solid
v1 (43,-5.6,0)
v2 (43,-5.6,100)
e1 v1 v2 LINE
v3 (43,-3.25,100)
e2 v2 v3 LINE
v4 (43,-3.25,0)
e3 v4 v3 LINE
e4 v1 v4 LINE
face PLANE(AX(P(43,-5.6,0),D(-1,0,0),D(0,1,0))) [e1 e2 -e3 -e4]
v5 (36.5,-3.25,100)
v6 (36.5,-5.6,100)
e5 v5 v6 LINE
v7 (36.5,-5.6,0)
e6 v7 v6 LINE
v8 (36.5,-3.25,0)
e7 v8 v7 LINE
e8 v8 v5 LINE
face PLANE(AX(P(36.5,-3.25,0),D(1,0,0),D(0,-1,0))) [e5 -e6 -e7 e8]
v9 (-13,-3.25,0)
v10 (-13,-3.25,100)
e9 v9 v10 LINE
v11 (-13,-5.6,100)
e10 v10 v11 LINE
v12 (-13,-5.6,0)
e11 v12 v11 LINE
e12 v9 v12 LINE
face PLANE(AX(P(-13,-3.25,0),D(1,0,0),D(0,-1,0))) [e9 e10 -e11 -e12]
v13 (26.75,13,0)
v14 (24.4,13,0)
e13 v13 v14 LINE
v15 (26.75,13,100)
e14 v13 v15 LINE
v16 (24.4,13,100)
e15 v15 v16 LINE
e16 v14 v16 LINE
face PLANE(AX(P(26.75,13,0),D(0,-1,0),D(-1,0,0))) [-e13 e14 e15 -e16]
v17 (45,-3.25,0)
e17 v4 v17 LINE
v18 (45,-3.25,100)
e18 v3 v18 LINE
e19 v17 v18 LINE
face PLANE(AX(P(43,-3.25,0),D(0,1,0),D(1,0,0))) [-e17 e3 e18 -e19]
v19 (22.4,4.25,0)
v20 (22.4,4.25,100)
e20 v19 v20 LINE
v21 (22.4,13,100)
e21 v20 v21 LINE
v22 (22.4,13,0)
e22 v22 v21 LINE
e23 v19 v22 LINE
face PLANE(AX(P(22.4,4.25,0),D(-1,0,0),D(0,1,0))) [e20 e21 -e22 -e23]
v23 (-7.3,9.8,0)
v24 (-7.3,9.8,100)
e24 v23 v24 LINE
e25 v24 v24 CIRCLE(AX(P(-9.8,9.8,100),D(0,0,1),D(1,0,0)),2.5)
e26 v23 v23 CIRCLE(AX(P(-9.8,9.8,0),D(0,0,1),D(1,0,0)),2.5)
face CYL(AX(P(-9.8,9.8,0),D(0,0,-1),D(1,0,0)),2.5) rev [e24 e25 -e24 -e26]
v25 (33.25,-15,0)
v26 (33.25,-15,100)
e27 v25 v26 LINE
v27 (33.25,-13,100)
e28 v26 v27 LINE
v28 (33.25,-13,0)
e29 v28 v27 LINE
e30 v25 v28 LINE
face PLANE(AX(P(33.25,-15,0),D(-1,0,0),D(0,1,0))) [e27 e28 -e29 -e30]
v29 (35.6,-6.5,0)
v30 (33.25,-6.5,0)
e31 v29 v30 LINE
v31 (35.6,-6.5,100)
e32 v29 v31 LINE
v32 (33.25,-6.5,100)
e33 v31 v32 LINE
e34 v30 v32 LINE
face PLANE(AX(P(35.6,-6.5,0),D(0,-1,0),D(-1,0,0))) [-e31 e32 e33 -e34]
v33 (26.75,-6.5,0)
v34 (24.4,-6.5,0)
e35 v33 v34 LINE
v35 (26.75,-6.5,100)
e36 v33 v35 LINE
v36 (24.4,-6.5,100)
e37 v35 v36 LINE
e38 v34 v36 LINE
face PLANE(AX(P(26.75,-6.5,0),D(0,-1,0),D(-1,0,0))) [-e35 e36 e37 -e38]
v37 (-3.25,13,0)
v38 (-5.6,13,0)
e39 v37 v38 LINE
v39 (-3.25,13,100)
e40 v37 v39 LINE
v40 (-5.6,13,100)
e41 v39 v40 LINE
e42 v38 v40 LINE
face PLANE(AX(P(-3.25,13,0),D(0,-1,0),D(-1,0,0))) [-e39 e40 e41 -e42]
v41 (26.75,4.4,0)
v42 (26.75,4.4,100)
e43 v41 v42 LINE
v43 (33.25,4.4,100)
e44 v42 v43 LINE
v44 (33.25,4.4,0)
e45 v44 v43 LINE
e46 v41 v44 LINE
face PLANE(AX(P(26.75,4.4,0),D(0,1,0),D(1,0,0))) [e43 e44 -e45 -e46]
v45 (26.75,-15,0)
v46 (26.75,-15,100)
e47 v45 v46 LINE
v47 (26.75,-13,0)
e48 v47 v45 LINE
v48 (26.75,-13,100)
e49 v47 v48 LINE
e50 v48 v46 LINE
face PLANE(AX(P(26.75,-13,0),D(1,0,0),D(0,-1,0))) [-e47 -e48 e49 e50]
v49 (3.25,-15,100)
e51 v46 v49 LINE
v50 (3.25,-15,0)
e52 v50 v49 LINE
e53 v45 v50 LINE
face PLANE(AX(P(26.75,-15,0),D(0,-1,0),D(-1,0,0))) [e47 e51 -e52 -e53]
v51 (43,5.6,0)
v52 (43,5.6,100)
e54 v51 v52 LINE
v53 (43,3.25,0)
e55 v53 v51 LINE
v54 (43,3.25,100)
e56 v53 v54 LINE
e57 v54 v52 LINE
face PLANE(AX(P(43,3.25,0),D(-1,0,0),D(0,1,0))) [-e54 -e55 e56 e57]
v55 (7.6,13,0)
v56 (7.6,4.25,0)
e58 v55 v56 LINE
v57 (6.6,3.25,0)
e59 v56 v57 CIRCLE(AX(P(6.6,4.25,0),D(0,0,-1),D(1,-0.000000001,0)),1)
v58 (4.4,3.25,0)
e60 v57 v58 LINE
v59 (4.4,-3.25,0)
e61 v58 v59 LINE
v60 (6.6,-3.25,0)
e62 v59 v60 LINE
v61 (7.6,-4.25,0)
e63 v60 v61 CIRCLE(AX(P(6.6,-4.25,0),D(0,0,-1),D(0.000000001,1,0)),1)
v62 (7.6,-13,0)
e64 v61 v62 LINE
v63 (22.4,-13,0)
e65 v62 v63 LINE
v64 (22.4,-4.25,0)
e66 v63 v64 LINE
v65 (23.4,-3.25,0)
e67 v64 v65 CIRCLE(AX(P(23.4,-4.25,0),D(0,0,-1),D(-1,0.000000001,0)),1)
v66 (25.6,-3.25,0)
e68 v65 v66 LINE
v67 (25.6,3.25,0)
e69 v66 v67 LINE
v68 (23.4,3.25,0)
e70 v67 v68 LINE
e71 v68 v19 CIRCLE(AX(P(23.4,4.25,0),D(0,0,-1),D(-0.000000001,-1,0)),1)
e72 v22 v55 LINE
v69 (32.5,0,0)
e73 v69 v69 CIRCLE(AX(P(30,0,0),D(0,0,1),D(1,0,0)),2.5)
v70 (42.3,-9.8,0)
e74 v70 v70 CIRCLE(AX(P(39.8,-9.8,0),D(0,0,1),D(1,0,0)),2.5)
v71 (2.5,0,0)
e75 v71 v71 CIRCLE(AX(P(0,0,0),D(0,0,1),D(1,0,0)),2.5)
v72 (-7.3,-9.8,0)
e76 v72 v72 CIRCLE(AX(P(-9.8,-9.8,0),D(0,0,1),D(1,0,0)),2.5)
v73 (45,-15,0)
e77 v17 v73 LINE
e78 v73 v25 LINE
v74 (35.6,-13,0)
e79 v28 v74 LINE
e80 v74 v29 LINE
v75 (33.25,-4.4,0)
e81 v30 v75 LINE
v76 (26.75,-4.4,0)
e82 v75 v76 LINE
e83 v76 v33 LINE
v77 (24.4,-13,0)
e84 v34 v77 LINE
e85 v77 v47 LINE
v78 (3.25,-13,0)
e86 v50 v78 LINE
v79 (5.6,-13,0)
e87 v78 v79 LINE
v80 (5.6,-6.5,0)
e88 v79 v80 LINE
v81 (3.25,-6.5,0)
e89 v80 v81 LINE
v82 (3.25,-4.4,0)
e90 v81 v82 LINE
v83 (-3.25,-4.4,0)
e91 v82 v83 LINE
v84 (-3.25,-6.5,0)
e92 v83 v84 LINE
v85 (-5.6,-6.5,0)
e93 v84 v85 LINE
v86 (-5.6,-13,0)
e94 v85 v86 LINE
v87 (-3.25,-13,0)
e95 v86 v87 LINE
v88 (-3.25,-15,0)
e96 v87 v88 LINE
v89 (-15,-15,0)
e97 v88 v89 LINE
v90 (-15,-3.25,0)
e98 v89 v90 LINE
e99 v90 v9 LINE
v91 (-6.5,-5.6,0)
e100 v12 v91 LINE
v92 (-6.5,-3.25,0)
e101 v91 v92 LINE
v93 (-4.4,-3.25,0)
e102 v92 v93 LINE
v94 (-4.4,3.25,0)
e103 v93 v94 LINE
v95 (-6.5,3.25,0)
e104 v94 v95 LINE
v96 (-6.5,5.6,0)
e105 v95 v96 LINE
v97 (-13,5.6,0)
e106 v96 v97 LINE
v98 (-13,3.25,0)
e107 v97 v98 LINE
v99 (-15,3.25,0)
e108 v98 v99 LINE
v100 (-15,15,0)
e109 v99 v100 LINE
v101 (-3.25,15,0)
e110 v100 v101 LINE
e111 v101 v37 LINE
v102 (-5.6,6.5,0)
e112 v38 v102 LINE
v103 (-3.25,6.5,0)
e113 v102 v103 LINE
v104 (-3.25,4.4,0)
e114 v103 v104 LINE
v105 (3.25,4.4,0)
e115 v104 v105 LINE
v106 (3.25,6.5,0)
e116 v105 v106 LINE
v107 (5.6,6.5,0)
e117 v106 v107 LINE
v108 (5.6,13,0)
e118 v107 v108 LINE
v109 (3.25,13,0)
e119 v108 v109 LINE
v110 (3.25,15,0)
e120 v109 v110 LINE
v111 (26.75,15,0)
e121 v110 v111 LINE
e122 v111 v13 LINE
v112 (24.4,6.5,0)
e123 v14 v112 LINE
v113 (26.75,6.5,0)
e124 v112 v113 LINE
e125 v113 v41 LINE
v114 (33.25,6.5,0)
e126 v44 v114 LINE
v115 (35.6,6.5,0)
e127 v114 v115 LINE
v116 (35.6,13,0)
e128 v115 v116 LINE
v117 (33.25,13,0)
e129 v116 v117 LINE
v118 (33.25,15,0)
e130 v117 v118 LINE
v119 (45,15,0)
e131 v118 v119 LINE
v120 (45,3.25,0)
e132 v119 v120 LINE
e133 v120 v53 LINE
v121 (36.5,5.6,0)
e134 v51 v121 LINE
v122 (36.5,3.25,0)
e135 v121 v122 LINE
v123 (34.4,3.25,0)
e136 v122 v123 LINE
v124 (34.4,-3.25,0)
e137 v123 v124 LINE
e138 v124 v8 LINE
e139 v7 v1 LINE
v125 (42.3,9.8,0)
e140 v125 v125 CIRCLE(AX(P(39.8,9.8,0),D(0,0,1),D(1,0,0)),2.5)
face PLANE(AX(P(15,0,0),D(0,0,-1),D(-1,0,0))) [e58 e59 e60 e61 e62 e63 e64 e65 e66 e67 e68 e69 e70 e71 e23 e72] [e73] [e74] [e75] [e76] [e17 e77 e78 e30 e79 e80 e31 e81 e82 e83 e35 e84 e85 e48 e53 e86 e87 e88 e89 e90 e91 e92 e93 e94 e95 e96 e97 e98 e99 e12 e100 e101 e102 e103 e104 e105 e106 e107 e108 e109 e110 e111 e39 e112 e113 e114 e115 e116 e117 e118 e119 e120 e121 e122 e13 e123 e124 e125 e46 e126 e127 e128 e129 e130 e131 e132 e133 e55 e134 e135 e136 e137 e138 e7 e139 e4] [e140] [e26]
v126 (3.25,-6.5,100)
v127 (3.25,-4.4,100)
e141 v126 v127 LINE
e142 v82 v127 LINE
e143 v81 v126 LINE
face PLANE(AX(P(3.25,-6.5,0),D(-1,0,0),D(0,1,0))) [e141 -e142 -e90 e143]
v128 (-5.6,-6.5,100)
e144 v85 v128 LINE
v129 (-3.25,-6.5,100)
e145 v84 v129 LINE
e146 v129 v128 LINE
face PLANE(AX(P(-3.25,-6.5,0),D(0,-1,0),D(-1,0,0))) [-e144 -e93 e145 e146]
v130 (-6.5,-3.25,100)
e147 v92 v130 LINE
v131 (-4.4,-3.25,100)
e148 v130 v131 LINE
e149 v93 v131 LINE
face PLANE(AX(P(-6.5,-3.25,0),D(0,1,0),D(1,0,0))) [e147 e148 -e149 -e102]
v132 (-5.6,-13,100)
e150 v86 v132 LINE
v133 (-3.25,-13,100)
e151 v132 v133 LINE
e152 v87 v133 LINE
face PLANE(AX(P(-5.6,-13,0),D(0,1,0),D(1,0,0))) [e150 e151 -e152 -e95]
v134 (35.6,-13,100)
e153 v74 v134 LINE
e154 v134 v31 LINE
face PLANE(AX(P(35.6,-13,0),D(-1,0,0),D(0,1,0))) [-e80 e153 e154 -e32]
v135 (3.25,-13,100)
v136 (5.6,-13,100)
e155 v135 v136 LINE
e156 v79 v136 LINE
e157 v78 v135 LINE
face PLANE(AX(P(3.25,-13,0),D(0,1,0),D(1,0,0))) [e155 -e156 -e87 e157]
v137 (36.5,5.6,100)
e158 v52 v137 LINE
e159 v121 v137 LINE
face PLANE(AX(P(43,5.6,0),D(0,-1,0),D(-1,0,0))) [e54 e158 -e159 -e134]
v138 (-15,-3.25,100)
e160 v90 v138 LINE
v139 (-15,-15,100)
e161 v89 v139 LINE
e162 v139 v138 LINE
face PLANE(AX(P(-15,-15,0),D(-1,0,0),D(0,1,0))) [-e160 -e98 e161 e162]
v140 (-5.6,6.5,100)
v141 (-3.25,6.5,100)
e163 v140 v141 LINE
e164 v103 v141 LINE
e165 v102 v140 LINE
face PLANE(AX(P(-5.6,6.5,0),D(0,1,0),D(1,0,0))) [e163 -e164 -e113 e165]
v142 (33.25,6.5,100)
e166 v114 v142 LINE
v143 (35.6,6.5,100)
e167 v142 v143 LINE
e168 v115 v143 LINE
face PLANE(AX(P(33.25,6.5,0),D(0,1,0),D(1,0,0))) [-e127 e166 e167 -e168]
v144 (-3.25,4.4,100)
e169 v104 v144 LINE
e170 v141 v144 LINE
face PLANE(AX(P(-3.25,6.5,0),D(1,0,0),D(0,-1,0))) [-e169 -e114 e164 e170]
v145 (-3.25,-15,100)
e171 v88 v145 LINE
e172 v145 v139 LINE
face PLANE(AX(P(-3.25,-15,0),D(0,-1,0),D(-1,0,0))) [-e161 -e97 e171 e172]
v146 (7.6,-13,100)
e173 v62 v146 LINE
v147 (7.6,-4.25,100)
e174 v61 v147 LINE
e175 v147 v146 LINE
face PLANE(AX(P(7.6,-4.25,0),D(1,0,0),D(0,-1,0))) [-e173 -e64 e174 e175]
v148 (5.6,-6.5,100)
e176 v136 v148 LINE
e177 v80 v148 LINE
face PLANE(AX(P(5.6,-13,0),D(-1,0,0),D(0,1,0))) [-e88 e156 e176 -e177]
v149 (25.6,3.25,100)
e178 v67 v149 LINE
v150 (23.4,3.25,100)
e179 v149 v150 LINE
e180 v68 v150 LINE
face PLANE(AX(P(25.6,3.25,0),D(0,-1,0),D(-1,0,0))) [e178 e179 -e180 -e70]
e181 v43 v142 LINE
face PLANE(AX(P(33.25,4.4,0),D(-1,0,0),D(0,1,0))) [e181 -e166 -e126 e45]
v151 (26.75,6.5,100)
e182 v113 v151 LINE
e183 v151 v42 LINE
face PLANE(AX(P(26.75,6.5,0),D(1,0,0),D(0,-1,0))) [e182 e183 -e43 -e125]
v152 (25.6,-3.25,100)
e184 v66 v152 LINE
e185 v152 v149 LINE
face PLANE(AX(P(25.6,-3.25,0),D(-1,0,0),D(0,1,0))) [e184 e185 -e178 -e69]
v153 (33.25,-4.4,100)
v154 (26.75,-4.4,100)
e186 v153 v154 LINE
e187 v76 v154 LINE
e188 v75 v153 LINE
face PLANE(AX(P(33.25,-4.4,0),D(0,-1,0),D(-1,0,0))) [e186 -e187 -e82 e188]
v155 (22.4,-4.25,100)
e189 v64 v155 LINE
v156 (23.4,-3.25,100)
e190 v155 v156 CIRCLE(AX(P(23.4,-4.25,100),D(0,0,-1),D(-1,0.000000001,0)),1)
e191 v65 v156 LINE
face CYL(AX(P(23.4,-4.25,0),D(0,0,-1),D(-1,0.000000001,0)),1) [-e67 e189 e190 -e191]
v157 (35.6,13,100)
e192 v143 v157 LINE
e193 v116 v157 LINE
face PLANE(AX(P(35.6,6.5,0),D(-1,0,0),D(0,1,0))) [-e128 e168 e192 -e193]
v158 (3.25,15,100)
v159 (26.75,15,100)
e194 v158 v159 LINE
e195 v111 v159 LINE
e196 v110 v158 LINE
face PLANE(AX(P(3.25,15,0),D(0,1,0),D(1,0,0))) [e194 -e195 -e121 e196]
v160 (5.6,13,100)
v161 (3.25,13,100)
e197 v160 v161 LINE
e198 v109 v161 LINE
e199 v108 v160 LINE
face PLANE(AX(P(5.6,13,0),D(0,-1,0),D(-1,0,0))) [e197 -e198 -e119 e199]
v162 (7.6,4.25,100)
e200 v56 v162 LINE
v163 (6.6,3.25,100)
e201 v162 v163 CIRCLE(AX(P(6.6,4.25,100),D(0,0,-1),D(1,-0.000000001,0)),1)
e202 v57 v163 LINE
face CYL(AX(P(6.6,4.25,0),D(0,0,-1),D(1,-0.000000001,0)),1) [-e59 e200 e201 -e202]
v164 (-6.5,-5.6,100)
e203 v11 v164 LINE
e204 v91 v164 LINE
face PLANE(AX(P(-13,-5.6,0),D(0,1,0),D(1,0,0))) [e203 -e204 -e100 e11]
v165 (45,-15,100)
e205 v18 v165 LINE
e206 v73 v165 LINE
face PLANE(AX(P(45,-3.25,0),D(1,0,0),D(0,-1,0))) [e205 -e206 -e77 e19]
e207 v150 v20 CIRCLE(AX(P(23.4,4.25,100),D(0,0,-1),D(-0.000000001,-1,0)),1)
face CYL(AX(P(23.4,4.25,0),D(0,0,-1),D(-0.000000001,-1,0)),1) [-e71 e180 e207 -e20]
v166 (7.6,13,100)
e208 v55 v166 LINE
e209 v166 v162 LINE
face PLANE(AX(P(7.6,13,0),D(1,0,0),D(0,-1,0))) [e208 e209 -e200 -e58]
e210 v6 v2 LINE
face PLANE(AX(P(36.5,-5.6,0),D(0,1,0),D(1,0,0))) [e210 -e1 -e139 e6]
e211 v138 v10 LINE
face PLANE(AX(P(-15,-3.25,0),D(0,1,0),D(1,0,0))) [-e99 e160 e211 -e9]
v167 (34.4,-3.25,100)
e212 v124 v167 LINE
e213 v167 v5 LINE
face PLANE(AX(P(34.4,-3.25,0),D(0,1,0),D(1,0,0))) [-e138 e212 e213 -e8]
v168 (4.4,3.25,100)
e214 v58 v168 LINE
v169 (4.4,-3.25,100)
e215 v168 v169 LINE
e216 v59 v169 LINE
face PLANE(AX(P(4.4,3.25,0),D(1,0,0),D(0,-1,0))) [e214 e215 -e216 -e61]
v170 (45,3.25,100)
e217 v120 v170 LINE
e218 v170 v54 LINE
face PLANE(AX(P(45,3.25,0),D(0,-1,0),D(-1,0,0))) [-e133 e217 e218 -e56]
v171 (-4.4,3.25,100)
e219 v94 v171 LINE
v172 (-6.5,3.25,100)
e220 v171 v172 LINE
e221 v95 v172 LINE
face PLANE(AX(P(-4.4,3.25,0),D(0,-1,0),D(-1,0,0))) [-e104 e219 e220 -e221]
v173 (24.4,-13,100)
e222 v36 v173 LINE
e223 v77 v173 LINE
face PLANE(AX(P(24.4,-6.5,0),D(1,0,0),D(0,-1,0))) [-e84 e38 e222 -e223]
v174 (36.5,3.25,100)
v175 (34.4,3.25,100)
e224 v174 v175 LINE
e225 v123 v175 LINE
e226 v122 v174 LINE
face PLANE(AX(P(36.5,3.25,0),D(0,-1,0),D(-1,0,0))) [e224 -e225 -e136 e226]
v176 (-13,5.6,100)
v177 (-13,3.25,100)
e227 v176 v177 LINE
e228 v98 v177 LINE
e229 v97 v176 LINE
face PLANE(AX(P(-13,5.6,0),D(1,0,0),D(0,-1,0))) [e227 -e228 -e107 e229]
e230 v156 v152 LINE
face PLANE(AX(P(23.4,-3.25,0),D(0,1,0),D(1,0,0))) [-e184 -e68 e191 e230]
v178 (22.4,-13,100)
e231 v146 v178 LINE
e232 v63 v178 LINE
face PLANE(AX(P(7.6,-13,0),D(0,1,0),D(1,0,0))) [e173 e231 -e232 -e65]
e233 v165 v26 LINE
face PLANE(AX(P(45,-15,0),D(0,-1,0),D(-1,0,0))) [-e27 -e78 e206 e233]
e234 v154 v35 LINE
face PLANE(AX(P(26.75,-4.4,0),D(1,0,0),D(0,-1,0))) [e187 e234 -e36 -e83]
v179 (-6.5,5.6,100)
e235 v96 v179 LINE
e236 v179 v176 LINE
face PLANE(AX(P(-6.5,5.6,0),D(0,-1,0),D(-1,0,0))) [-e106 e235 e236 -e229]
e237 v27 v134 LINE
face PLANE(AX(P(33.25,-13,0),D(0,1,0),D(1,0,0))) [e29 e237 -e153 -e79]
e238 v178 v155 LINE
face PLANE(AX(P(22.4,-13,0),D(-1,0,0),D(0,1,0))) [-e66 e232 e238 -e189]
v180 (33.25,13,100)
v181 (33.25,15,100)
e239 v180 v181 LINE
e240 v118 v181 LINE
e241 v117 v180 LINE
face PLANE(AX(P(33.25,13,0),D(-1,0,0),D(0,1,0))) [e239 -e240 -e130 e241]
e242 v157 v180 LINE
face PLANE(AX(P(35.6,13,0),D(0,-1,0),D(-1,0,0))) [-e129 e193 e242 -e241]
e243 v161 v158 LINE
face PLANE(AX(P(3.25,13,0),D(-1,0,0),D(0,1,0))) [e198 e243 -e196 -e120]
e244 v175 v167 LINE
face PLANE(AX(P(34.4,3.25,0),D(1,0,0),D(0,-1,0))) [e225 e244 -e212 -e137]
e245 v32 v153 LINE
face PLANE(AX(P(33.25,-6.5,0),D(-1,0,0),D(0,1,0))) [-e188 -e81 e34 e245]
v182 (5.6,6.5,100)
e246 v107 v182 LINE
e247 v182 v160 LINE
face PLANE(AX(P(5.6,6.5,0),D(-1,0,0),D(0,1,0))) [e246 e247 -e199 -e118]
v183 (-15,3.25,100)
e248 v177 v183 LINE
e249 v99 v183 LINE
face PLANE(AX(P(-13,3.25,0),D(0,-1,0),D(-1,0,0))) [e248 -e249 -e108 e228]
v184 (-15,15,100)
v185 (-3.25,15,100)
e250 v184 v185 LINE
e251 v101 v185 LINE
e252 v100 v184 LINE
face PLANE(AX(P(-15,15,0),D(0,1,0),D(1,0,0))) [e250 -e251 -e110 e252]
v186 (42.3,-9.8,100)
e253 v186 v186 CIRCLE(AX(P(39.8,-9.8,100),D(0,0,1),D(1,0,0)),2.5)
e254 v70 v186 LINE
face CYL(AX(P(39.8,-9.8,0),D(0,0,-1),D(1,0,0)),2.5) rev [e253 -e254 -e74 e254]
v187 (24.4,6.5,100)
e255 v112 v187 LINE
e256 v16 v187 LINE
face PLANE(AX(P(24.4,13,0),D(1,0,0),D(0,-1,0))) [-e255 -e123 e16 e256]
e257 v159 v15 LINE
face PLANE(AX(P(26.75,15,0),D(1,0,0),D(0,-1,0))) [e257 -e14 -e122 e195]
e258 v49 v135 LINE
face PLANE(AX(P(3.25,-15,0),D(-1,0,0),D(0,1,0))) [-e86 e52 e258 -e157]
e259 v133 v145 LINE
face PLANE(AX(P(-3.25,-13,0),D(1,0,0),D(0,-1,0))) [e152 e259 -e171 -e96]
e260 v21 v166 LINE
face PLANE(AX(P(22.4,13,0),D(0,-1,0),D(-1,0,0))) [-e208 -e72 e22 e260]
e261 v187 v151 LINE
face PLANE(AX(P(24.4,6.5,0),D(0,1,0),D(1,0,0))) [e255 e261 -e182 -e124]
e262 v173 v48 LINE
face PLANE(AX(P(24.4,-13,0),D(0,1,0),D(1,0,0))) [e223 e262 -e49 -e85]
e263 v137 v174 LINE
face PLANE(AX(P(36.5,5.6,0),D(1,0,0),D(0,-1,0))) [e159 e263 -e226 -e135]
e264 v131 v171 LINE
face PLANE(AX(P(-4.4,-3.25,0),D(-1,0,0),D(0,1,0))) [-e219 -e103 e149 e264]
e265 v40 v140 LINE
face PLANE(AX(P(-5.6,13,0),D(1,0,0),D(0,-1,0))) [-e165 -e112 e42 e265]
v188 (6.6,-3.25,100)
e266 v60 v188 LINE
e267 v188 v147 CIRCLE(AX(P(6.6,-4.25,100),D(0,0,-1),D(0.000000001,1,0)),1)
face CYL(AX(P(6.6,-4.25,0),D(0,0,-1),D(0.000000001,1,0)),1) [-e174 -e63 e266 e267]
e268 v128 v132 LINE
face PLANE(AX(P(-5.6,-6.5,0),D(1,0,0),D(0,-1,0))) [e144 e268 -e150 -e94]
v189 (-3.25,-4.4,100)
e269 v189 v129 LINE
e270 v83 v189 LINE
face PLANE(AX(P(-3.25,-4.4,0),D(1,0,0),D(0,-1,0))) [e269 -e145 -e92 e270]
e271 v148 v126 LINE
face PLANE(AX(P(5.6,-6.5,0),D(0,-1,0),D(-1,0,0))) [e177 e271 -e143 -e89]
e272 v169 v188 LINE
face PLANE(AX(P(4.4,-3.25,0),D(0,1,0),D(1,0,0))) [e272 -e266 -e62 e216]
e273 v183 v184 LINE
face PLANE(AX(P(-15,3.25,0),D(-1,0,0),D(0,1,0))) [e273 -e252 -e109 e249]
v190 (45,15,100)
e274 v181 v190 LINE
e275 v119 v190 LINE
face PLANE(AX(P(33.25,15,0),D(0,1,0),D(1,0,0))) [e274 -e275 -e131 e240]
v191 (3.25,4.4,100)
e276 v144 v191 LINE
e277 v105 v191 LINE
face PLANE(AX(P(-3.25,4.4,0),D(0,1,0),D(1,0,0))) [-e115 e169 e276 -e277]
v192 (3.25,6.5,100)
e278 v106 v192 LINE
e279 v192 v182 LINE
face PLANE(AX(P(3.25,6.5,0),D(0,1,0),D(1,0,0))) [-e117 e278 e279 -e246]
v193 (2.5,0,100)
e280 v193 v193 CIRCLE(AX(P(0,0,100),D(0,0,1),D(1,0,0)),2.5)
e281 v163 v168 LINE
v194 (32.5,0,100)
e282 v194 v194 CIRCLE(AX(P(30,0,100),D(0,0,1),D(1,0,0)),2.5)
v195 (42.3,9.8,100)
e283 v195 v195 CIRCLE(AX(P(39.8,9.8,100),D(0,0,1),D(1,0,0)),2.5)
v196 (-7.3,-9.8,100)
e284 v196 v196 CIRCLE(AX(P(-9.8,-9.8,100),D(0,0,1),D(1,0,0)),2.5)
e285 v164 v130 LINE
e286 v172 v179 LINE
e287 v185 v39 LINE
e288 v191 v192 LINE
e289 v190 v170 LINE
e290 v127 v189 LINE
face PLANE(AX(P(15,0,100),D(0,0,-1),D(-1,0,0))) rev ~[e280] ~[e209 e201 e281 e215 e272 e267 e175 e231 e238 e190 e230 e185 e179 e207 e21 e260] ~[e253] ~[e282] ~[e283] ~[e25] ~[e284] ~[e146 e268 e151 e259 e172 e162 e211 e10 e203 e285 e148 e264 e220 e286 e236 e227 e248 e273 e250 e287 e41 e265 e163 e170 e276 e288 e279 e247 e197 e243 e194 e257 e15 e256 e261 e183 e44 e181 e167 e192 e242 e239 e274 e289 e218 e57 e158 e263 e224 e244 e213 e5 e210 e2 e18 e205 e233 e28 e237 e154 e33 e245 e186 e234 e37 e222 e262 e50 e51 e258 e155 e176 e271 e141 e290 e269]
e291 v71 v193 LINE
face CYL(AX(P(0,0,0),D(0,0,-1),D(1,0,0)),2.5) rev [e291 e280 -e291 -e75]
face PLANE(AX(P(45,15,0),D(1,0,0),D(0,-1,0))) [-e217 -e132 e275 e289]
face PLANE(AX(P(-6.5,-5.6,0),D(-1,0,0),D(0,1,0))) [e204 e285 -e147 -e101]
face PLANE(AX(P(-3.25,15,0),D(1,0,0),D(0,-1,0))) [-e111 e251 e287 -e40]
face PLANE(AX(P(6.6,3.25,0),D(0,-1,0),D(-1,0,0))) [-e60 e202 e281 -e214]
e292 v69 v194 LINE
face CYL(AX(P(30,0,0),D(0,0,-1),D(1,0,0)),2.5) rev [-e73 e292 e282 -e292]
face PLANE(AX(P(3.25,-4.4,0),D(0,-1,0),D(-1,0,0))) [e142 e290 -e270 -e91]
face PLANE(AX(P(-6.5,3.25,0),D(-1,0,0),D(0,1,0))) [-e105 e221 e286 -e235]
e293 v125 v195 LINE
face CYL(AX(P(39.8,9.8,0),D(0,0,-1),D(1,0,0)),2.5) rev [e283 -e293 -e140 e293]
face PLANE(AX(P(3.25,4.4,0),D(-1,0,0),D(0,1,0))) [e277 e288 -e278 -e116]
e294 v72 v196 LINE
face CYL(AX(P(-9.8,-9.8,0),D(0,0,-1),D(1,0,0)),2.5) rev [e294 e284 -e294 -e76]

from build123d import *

# Parameters (mm, degrees)
SKETCH_1_R      = 2.5
EXTRUDE_1_DEPTH = 100


with BuildPart() as part:
    # 草图1 → 凸台-拉伸1 (new body)
    with BuildSketch(Plane.XY):
        Polygon((-15, 15), (-3.25, 15), (-3.25, 13), (-5.6, 13), (-5.6, 6.5), (-3.25, 6.5), (-3.25, 4.4), (3.25, 4.4), (3.25, 6.5), (5.6, 6.5), (5.6, 13), (3.25, 13), (3.25, 15), (26.75, 15), (26.75, 13), (24.4, 13), (24.4, 6.5), (26.75, 6.5), (26.75, 4.4), (33.25, 4.4), (33.25, 6.5), (35.6, 6.5), (35.6, 13), (33.25, 13), (33.25, 15), (45, 15), (45, 3.25), (43, 3.25), (43, 5.6), (36.5, 5.6), (36.5, 3.25), (34.4, 3.25), (34.4, -3.25), (36.5, -3.25), (36.5, -5.6), (43, -5.6), (43, -3.25), (45, -3.25), (45, -15), (33.25, -15), (33.25, -13), (35.6, -13), (35.6, -6.5), (33.25, -6.5), (33.25, -4.4), (26.75, -4.4), (26.75, -6.5), (24.4, -6.5), (24.4, -13), (26.75, -13), (26.75, -15), (3.25, -15), (3.25, -13), (5.6, -13), (5.6, -6.5), (3.25, -6.5), (3.25, -4.4), (-3.25, -4.4), (-3.25, -6.5), (-5.6, -6.5), (-5.6, -13), (-3.25, -13), (-3.25, -15), (-15, -15), (-15, -3.25), (-13, -3.25), (-13, -5.6), (-6.5, -5.6), (-6.5, -3.25), (-4.4, -3.25), (-4.4, 3.25), (-6.5, 3.25), (-6.5, 5.6), (-13, 5.6), (-13, 3.25), (-15, 3.25), align=None)
        Circle(SKETCH_1_R, mode=Mode.SUBTRACT)
        with Locations((30, 0)):
            Circle(SKETCH_1_R, mode=Mode.SUBTRACT)
        with Locations((39.8, 9.8)):
            Circle(SKETCH_1_R, mode=Mode.SUBTRACT)
        with Locations((39.8, -9.8)):
            Circle(SKETCH_1_R, mode=Mode.SUBTRACT)
        with Locations((-9.8, 9.8)):
            Circle(SKETCH_1_R, mode=Mode.SUBTRACT)
        with Locations((-9.8, -9.8)):
            Circle(SKETCH_1_R, mode=Mode.SUBTRACT)
        with BuildLine():
            Line((7.6, 13), (7.6, 4.25))
            ThreePointArc((7.6, 4.25), (7.307106781, 3.542893219), (6.6, 3.25))
            Line((6.6, 3.25), (4.4, 3.25))
            Line((4.4, 3.25), (4.4, -3.25))
            Line((4.4, -3.25), (6.6, -3.25))
            ThreePointArc((6.6, -3.25), (7.307106781, -3.542893219), (7.6, -4.25))
            Line((7.6, -4.25), (7.6, -13))
            Line((7.6, -13), (22.4, -13))
            Line((22.4, -13), (22.4, -4.25))
            ThreePointArc((22.4, -4.25), (22.692893219, -3.542893219), (23.4, -3.25))
            Line((23.4, -3.25), (25.6, -3.25))
            Line((25.6, -3.25), (25.6, 3.25))
            Line((25.6, 3.25), (23.4, 3.25))
            ThreePointArc((23.4, 3.25), (22.692893219, 3.542893219), (22.4, 4.25))
            Line((22.4, 4.25), (22.4, 13))
            Line((22.4, 13), (7.6, 13))
        make_face(mode=Mode.SUBTRACT)
    extrude(amount=EXTRUDE_1_DEPTH)


solid = part.part
